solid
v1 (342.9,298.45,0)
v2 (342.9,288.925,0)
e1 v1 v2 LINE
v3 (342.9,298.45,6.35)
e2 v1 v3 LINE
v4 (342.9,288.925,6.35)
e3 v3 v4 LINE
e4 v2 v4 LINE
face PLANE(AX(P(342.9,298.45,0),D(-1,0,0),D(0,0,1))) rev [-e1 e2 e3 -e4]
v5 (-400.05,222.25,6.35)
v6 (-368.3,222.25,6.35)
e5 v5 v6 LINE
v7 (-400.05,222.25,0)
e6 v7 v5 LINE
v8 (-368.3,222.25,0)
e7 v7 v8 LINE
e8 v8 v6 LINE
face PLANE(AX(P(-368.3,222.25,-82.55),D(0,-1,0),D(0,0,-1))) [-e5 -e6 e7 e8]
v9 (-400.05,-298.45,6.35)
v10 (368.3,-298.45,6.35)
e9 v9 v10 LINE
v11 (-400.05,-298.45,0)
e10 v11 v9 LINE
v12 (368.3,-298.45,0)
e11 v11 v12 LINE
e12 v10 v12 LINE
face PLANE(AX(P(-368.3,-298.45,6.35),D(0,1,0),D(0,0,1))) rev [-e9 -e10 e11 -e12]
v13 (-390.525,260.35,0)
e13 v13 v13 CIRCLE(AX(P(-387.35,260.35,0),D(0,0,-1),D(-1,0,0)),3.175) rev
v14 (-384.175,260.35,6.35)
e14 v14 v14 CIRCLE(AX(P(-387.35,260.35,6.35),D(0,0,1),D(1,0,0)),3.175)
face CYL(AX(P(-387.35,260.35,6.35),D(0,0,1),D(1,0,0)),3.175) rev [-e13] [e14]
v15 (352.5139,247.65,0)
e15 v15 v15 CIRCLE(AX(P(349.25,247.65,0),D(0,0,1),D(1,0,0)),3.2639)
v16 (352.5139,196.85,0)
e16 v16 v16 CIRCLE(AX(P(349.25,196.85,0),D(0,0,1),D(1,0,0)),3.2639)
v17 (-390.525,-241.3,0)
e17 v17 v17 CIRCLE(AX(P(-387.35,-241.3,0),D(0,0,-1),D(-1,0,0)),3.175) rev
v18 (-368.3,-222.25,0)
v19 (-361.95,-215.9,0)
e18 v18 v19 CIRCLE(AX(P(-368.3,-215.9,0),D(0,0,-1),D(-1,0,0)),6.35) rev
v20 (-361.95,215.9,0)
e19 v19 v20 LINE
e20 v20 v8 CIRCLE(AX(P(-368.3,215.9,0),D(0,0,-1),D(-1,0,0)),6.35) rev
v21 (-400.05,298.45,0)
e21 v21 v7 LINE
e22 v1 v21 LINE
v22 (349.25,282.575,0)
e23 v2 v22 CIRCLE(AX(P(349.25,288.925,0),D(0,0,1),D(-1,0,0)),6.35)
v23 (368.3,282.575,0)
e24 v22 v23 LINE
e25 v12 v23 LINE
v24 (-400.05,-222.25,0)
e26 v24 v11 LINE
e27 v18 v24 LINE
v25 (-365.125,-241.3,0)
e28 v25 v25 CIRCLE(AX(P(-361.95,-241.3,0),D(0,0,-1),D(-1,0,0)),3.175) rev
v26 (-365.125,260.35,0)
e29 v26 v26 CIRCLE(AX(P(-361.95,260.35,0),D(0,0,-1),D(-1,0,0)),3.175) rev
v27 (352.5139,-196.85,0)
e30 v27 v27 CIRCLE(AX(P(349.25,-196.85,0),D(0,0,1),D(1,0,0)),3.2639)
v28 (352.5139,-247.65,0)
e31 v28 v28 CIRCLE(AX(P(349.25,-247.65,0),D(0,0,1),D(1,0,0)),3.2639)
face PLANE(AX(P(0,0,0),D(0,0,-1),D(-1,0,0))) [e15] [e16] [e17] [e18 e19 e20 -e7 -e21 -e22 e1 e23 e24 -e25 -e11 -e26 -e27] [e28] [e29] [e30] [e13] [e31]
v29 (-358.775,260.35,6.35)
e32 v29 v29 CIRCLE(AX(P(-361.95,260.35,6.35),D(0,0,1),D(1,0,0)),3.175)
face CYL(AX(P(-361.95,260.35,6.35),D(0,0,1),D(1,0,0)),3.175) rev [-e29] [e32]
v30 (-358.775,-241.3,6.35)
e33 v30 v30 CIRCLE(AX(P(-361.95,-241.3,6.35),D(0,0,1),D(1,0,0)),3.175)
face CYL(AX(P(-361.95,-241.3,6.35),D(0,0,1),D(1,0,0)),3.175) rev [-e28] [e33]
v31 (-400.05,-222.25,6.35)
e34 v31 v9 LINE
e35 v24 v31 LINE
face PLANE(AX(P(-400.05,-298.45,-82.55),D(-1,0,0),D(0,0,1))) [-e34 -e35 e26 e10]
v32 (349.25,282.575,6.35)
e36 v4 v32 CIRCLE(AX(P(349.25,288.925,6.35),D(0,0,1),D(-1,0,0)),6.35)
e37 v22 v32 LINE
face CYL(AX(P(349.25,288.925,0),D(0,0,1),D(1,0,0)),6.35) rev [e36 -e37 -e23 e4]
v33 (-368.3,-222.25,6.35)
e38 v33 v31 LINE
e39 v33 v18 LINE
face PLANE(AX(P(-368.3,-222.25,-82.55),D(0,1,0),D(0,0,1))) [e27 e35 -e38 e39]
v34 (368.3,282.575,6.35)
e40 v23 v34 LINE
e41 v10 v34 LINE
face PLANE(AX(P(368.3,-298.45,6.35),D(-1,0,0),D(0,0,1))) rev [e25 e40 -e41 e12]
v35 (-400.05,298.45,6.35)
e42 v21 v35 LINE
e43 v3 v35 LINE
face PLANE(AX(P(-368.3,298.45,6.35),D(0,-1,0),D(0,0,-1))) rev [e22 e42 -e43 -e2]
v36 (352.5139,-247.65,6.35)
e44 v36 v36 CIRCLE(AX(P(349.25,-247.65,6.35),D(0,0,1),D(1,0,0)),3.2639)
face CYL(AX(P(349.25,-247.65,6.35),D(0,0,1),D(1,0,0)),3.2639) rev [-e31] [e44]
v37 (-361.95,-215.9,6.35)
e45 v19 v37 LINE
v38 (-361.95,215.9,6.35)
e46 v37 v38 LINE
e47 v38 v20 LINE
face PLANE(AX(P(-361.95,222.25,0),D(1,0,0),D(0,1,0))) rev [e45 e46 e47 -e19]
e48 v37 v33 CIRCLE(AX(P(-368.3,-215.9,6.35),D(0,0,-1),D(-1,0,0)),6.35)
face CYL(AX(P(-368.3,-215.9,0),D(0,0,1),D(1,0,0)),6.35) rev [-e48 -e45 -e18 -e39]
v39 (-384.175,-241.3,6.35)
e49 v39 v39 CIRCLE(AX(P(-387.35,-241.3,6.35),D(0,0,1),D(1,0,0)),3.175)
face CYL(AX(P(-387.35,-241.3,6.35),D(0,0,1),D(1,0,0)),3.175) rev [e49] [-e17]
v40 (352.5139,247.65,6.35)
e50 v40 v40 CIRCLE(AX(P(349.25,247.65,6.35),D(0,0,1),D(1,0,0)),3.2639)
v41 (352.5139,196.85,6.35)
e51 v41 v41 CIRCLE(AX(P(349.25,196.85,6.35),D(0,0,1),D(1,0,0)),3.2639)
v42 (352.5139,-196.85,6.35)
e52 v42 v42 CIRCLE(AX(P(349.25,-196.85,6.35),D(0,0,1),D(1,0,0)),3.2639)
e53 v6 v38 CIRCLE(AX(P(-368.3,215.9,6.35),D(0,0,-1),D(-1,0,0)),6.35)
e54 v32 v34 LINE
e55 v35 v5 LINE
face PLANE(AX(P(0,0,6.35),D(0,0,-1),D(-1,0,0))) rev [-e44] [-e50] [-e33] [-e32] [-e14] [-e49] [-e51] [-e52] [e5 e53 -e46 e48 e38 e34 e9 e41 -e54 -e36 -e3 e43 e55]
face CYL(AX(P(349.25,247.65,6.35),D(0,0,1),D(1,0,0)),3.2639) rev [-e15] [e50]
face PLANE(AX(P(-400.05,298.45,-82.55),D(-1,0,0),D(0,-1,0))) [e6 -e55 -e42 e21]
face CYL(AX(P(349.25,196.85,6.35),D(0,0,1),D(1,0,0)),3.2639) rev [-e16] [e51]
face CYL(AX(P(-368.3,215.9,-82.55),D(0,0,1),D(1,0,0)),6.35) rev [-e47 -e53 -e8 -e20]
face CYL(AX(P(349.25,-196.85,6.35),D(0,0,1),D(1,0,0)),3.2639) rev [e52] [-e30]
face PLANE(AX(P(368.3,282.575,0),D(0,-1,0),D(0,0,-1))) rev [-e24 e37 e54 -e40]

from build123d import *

# Parameters (mm, degrees)
SKETCH1_W                   = 736.6
SKETCH1_H                   = 596.9
BOSS_EXTRUDE1_DEPTH         = 6.35
SKETCH5_W                   = 31.75
SKETCH5_H                   = 76.2
BOSS_EXTRUDE2_DEPTH         = 6.35
SKETCH6_W                   = 6.35
SKETCH6_H                   = 444.5
CUT_EXTRUDE1_DEPTH          = 7.35
FILLET1_R                   = 6.35
F_0_257_DIAMETER_HOLE1_D    = 6.5278
F_1_4_0_25_DIAMETER_HOLE2_D = 6.35
CUT_EXTRUDE2_DEPTH          = 7.35


with BuildPart() as part:
    # Sketch1 → Boss-Extrude1 (new body)
    with BuildSketch(Plane.XY):
        Rectangle(SKETCH1_W, SKETCH1_H)
    extrude(amount=BOSS_EXTRUDE1_DEPTH)

    # Sketch5 → Boss-Extrude2 (add)
    with BuildSketch(Plane.XY.offset(6.35)):
        with Locations((-384.175, 260.35)):
            Rectangle(SKETCH5_W, SKETCH5_H)
        with Locations((-384.175, -260.35)):
            Rectangle(SKETCH5_W, SKETCH5_H)
    extrude(amount=-BOSS_EXTRUDE2_DEPTH)

    # Sketch6 → Cut-Extrude1 (cut, through all)
    with BuildSketch(Plane.XY.offset(6.35)):
        with Locations((-365.125, 0)):
            Rectangle(SKETCH6_W, SKETCH6_H)
    extrude(amount=-CUT_EXTRUDE1_DEPTH, mode=Mode.SUBTRACT)

    # Fillet1
    fillet1_edges = [part.edges().sort_by_distance(p)[0] for p in [
        (-361.95, -222.25, 3.175),
        (-361.95, 222.25, 3.175),
    ]]
    fillet(fillet1_edges, radius=FILLET1_R)

    # F (0.257) Diameter Hole1 (through all)
    with Locations(Plane.XY.offset(6.35)):
        with Locations((349.25, 247.65), (349.25, 196.85), (349.25, -196.85), (349.25, -247.65)):
            Hole(F_0_257_DIAMETER_HOLE1_D / 2)

    # 1/4 (0.25) Diameter Hole2 (through all)
    with Locations(Plane.XY.offset(6.35)):
        with Locations((-387.35, 260.35), (-361.95, 260.35), (-361.95, -241.3), (-387.35, -241.3)):
            Hole(F_1_4_0_25_DIAMETER_HOLE2_D / 2)

    # Sketch13 → Cut-Extrude2 (cut, through all)
    with BuildSketch(Plane.XY.offset(6.35)):
        with BuildLine():
            Line((368.3, 298.45), (342.9, 298.45))
            Line((342.9, 298.45), (342.9, 288.925))
            ThreePointArc((342.9, 288.925), (344.759871939, 284.434871939), (349.25, 282.575))
            Line((349.25, 282.575), (368.3, 282.575))
            Line((368.3, 282.575), (368.3, 298.45))
        make_face()
    extrude(amount=-CUT_EXTRUDE2_DEPTH, mode=Mode.SUBTRACT)


solid = part.part
